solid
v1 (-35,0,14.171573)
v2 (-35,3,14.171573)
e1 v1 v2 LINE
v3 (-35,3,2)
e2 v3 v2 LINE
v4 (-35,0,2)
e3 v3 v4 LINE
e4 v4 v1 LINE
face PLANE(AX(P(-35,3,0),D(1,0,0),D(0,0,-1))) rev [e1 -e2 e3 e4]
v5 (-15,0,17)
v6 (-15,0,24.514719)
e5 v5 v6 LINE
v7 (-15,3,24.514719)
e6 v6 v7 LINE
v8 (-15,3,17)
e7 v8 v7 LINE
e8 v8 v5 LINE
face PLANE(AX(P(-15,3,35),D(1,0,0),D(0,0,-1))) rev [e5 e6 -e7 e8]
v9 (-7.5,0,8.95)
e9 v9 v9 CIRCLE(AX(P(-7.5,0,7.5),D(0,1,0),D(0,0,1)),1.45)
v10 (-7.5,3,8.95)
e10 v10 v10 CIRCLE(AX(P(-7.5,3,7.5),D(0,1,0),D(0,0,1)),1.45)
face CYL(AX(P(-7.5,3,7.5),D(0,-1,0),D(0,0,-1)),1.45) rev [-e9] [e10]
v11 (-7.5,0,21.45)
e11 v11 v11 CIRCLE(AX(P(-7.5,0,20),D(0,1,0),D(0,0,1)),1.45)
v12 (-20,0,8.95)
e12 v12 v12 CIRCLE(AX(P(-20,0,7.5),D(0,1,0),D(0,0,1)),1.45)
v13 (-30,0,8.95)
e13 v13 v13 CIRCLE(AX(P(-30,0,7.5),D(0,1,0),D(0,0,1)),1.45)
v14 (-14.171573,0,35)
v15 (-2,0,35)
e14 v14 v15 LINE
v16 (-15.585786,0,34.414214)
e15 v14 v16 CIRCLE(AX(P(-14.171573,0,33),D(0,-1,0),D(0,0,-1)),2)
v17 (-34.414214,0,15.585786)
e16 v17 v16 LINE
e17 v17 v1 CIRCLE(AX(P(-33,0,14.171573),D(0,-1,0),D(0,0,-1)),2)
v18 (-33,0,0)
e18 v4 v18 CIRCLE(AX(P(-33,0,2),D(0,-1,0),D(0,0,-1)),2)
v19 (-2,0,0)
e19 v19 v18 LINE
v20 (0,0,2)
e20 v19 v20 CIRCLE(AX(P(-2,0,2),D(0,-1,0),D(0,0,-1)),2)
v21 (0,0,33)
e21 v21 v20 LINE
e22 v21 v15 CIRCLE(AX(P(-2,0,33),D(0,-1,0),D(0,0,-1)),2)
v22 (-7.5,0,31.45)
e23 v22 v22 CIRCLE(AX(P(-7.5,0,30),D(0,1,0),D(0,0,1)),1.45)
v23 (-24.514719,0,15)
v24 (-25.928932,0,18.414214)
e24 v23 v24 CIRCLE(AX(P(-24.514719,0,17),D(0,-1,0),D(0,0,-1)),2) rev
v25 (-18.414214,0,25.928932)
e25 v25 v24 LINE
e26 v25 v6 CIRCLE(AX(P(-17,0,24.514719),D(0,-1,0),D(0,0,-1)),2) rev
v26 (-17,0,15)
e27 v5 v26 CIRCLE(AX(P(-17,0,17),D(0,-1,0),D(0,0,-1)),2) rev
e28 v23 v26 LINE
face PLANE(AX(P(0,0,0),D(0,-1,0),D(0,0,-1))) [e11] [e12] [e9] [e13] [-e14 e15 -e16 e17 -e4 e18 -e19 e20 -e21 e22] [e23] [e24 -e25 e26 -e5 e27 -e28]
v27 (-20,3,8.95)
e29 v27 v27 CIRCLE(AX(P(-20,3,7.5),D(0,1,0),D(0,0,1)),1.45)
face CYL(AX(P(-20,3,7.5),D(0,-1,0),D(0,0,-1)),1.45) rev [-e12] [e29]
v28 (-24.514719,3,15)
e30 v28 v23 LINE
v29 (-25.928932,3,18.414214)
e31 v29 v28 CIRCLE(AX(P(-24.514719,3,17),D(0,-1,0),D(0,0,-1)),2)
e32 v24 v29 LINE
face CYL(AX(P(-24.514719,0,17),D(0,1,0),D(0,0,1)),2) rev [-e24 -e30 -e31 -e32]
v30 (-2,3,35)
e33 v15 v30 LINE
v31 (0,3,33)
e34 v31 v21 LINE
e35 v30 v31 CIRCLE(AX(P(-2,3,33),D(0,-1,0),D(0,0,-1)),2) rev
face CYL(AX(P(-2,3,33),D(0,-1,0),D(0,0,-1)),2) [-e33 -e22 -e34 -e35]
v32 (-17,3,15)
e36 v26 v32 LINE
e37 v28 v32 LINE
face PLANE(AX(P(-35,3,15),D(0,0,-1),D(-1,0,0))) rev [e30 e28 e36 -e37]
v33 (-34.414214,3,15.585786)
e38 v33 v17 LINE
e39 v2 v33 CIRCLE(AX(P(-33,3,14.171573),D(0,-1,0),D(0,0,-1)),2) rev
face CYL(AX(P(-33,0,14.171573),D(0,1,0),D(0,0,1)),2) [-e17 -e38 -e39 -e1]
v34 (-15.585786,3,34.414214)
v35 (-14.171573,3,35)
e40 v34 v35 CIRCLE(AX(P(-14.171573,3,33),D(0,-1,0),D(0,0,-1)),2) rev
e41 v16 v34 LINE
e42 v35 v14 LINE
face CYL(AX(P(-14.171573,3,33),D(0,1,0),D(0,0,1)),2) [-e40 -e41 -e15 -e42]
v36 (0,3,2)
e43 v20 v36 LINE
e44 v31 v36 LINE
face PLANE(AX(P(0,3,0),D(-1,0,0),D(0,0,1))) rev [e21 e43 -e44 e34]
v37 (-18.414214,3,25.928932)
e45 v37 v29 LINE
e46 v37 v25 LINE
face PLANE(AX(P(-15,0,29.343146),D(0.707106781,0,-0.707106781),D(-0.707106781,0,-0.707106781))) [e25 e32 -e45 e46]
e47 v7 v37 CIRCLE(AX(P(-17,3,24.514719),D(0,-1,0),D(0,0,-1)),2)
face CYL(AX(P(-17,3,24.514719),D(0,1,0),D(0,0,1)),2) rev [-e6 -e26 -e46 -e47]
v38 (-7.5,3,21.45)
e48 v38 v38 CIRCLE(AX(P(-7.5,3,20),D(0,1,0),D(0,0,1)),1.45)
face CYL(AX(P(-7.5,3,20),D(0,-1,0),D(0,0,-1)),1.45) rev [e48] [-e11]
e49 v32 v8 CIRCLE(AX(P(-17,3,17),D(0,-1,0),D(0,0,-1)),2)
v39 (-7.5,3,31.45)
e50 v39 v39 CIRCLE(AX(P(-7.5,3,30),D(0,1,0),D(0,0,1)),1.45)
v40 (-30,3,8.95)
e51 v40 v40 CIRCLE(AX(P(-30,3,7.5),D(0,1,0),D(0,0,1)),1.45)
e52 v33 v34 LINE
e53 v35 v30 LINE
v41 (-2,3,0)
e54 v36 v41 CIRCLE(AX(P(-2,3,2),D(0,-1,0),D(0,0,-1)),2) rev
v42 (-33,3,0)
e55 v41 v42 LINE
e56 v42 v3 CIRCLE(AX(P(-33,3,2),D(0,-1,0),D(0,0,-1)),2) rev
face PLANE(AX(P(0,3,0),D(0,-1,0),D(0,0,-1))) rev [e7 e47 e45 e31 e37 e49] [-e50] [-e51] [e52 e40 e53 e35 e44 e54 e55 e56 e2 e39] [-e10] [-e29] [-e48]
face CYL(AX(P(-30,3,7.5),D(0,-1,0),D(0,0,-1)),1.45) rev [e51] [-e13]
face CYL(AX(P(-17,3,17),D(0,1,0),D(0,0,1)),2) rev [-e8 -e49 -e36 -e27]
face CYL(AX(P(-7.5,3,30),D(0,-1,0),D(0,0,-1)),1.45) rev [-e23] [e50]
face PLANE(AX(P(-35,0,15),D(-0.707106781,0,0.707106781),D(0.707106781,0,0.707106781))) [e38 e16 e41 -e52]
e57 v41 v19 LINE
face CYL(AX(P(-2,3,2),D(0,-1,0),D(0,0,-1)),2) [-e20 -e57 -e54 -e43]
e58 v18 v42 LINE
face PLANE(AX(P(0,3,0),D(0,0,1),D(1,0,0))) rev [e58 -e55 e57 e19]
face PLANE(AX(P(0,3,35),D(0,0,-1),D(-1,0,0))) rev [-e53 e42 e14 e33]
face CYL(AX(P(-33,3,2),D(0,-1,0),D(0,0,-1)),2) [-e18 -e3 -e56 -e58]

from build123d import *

# Parameters (mm, degrees)
SKETCH_1_R      = 1.45
EXTRUDE_1_DEPTH = 3
EXTRUDE_2_DEPTH = 3
FILLET_1_R      = 2


with BuildPart() as part:
    # 草图1 → 凸台-拉伸1 (new body)
    with BuildSketch(Plane(origin=(0, 0, 0), x_dir=(1, 0, 0), z_dir=(0, 1, 0))):
        Polygon((0, 0), (-35, 0), (-35, -15), (-15, -15), (-15, -35), (0, -35), align=None)
        with Locations(Location((-7.5, -7.5, 0), (0, 0, 270))):
            Circle(SKETCH_1_R, mode=Mode.SUBTRACT)
        with Locations(Location((-20, -7.5, 0), (0, 0, 270))):
            Circle(SKETCH_1_R, mode=Mode.SUBTRACT)
        with Locations(Location((-30, -7.5, 0), (0, 0, 270))):
            Circle(SKETCH_1_R, mode=Mode.SUBTRACT)
        with Locations(Location((-7.5, -20, 0), (0, 0, 270))):
            Circle(SKETCH_1_R, mode=Mode.SUBTRACT)
        with Locations(Location((-7.5, -30, 0), (0, 0, 270))):
            Circle(SKETCH_1_R, mode=Mode.SUBTRACT)
    extrude(amount=EXTRUDE_1_DEPTH)

    # 草图2 → 凸台-拉伸2 (add)
    with BuildSketch(Plane(origin=(0, 3, 0), x_dir=(1, 0, 0), z_dir=(0, 1, 0))):
        Polygon((-35, -15), (-15, -35), (-15, -29.343145751), (-29.343145751, -15), align=None)
    extrude(amount=-EXTRUDE_2_DEPTH)

    # 圆角1
    fillet_1_edges = [part.edges().sort_by_distance(p)[0] for p in [
        (0, 1.5, 35),
        (-15, 1.5, 35),
        (-15, 1.5, 15),
        (-35, 1.5, 15),
        (-35, 1.5, 0),
        (0, 1.5, 0),
        (-29.343145751, 1.5, 15),
        (-15, 1.5, 29.343145751),
    ]]
    fillet(fillet_1_edges, radius=FILLET_1_R)


solid = part.part
